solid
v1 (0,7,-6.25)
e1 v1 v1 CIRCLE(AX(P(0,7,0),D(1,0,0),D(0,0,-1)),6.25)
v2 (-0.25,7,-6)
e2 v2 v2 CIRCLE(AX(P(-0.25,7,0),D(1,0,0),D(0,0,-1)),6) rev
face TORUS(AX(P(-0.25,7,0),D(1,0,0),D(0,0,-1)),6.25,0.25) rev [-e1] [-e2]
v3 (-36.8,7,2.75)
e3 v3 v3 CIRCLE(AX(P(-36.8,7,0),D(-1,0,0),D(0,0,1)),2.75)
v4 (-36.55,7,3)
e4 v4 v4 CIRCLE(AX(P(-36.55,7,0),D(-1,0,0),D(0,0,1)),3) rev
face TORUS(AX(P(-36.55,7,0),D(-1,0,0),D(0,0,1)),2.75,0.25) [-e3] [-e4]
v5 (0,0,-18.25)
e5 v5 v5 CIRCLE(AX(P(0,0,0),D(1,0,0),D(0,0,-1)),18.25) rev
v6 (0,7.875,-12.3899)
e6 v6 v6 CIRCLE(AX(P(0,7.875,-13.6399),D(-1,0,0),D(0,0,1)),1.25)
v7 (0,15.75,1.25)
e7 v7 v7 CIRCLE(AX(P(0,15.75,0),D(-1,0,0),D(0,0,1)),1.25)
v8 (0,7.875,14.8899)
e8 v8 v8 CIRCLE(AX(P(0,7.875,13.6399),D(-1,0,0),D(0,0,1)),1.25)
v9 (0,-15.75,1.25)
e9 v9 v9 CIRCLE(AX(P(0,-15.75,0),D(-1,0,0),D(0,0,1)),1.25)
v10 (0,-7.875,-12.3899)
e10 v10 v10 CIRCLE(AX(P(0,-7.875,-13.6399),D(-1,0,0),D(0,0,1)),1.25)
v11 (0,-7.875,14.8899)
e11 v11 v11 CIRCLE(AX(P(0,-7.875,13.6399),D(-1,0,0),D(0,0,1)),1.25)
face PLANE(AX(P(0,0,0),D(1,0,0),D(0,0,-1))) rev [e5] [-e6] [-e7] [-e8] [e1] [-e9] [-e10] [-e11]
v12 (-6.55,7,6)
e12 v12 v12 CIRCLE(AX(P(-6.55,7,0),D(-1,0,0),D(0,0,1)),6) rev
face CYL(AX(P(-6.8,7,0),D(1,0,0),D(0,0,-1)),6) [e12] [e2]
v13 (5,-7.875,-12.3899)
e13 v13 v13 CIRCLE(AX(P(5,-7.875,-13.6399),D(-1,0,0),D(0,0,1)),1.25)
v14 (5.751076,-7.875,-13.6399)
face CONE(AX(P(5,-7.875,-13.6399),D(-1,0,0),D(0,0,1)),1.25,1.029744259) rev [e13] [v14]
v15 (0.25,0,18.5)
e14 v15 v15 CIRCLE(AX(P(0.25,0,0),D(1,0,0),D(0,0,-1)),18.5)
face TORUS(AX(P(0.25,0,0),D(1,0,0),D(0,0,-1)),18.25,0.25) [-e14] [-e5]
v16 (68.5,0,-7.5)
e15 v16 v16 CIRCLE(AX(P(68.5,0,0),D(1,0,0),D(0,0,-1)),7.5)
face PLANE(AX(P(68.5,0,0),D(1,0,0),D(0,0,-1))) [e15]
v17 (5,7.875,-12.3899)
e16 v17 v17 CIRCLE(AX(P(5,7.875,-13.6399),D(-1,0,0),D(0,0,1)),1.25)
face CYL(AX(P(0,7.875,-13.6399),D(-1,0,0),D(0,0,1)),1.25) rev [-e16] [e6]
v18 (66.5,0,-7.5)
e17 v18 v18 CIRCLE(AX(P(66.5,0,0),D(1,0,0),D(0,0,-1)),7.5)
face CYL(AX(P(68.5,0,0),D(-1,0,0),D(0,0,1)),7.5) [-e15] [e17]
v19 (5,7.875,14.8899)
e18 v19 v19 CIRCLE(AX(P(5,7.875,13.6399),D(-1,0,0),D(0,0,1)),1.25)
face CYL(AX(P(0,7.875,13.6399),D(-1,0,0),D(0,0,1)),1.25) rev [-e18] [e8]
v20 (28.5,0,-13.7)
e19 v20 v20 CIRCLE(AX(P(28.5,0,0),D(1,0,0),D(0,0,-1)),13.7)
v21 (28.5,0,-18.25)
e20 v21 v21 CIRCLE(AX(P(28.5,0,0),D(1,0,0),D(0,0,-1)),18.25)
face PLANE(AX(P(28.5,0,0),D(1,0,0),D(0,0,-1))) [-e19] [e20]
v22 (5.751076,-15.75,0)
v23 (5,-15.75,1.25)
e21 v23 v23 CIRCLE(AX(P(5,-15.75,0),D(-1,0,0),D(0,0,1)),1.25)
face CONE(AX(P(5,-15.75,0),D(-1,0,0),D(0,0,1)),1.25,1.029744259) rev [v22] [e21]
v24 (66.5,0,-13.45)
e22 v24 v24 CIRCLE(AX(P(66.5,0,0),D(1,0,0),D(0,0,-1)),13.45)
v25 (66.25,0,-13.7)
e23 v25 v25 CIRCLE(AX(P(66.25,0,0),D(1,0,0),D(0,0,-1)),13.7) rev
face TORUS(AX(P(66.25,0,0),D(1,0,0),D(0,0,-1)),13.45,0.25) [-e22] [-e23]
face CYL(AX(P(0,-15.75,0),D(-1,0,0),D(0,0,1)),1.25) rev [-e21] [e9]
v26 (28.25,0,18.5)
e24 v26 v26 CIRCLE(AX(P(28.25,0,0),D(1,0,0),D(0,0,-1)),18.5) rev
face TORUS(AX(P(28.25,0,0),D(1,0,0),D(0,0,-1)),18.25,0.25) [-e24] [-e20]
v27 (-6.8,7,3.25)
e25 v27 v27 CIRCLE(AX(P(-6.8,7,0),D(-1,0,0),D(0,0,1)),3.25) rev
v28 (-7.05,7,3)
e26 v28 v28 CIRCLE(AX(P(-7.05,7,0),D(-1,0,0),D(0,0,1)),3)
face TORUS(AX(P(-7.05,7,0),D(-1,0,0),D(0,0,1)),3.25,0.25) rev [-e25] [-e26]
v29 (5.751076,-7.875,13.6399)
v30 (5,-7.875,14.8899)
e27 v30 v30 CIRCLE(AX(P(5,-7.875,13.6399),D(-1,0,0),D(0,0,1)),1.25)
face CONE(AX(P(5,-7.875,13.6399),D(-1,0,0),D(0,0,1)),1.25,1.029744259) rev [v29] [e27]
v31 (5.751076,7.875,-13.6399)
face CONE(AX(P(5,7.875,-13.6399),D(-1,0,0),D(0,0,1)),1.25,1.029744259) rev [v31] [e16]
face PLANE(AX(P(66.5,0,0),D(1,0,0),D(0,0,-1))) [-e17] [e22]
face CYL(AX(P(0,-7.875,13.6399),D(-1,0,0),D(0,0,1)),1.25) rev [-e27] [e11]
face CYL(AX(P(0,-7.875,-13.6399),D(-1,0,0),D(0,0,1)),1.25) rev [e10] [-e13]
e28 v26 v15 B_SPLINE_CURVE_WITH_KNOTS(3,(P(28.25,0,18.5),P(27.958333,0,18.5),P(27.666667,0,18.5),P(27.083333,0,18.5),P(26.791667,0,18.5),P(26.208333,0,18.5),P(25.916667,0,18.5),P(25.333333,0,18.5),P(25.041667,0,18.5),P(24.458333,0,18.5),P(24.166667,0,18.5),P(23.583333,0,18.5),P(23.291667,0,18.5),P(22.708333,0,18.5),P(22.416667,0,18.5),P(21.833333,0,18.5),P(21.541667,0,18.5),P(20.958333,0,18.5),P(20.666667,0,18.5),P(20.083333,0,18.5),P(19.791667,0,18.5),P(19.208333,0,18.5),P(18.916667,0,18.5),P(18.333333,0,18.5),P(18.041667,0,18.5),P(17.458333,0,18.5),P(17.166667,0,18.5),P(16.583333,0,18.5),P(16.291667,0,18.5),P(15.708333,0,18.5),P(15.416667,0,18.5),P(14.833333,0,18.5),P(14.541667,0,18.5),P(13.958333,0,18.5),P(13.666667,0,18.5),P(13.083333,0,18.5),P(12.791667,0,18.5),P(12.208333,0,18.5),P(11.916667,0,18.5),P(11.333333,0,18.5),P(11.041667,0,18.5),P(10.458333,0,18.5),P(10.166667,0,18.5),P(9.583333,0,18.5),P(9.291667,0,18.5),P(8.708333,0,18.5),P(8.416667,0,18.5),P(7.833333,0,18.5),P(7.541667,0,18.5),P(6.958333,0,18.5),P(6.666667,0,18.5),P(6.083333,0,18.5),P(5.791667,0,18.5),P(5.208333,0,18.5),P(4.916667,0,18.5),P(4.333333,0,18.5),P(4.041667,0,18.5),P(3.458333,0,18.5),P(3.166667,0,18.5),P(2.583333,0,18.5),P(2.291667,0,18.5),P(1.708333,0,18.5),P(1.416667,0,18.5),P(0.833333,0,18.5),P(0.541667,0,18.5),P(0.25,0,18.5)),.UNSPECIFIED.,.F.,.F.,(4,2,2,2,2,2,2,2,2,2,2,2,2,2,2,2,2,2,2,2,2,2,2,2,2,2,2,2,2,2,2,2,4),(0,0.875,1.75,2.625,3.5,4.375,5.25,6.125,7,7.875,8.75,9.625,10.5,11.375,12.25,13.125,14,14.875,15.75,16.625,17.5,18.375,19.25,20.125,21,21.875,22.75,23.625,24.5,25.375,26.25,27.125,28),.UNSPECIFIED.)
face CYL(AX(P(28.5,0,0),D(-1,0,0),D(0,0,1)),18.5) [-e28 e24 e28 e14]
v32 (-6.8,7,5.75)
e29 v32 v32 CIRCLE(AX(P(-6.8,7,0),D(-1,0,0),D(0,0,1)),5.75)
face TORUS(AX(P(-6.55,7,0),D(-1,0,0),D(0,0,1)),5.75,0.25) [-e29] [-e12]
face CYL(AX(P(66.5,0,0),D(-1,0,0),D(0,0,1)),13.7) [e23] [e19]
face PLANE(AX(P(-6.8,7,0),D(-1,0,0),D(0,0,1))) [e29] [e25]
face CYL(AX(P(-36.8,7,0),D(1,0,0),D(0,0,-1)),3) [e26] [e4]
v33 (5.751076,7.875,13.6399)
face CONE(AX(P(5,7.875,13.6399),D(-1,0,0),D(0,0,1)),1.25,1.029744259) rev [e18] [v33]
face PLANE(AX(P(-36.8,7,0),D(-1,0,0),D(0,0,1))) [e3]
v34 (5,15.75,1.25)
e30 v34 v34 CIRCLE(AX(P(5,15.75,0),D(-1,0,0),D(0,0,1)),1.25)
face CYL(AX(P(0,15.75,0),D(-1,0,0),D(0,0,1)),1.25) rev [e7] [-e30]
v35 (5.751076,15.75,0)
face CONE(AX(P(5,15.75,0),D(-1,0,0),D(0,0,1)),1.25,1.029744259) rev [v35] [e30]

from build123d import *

# Parameters (mm, degrees)
SKETCH1_R                       = 18.5
BOSS_EXTRUDE1_DEPTH             = 28.5
SKETCH2_R                       = 13.7
BOSS_EXTRUDE2_DEPTH             = 38
SKETCH3_R                       = 7.5
BOSS_EXTRUDE3_DEPTH             = 2
TAP_DRILL_FOR_M3X0_5_TAP1_D     = 2.5
TAP_DRILL_FOR_M3X0_5_TAP1_DEPTH = 5
TAP_DRILL_FOR_M3X0_5_TAP1_TIP   = 0.751075774
SKETCH6_R                       = 6
BOSS_EXTRUDE4_DEPTH             = 6.8
SKETCH7_R                       = 3
BOSS_EXTRUDE5_DEPTH             = 30
FILLET1_R                       = 0.25


with BuildPart() as part:
    # Sketch1 → Boss-Extrude1 (new body)
    with BuildSketch(Plane(origin=(0, 0, 0), x_dir=(0, 0, -1), z_dir=(1, 0, 0))):
        with Locations(Location((0, 0, 0), (0, 0, 180))):
            Circle(SKETCH1_R)
    extrude(amount=BOSS_EXTRUDE1_DEPTH)

    # Sketch2 → Boss-Extrude2 (add)
    with BuildSketch(Plane(origin=(28.5, 0, 0), x_dir=(0, 0, -1), z_dir=(1, 0, 0))):
        Circle(SKETCH2_R)
    extrude(amount=BOSS_EXTRUDE2_DEPTH)

    # Sketch3 → Boss-Extrude3 (add)
    with BuildSketch(Plane(origin=(66.5, 0, 0), x_dir=(0, 0, -1), z_dir=(1, 0, 0))):
        Circle(SKETCH3_R)
    extrude(amount=BOSS_EXTRUDE3_DEPTH)

    # Tap Drill for M3x0.5 Tap1
    with Locations(Plane(origin=(0, 15.75, 0), x_dir=(0, 0, -1), z_dir=(-1, 0, 0))):
        with Locations((0, 0), (-13.63990011, 7.875), (-13.63990011, 23.625), (0, 31.5), (13.63990011, 23.625), (13.63990011, 7.875)):
            Hole(TAP_DRILL_FOR_M3X0_5_TAP1_D / 2, depth=TAP_DRILL_FOR_M3X0_5_TAP1_DEPTH)
            with Locations((0, 0, -(TAP_DRILL_FOR_M3X0_5_TAP1_DEPTH + TAP_DRILL_FOR_M3X0_5_TAP1_TIP / 2))):  # 118° drill point
                Cone(0, TAP_DRILL_FOR_M3X0_5_TAP1_D / 2, TAP_DRILL_FOR_M3X0_5_TAP1_TIP, mode=Mode.SUBTRACT)

    # Sketch6 → Boss-Extrude4 (add)
    with BuildSketch(Plane.ZY):
        with Locations(Location((0, 7, 0), (0, 0, 180))):
            Circle(SKETCH6_R)
    extrude(amount=BOSS_EXTRUDE4_DEPTH)

    # Sketch7 → Boss-Extrude5 (add)
    with BuildSketch(Plane.ZY.offset(6.8)):
        with Locations((0, 7)):
            Circle(SKETCH7_R)
    extrude(amount=BOSS_EXTRUDE5_DEPTH)

    # Fillet1
    fillet1_edges = [part.edges().sort_by_distance(p)[0] for p in [
        (0, 0, -18.5),
        (28.5, 0, -18.5),
        (0, 7, 6),
        (-6.8, 7, 6),
        (-6.8, 7, -3),
        (-36.8, 7, -3),
        (66.5, 0, 13.7),
    ]]
    fillet(fillet1_edges, radius=FILLET1_R)


solid = part.part
